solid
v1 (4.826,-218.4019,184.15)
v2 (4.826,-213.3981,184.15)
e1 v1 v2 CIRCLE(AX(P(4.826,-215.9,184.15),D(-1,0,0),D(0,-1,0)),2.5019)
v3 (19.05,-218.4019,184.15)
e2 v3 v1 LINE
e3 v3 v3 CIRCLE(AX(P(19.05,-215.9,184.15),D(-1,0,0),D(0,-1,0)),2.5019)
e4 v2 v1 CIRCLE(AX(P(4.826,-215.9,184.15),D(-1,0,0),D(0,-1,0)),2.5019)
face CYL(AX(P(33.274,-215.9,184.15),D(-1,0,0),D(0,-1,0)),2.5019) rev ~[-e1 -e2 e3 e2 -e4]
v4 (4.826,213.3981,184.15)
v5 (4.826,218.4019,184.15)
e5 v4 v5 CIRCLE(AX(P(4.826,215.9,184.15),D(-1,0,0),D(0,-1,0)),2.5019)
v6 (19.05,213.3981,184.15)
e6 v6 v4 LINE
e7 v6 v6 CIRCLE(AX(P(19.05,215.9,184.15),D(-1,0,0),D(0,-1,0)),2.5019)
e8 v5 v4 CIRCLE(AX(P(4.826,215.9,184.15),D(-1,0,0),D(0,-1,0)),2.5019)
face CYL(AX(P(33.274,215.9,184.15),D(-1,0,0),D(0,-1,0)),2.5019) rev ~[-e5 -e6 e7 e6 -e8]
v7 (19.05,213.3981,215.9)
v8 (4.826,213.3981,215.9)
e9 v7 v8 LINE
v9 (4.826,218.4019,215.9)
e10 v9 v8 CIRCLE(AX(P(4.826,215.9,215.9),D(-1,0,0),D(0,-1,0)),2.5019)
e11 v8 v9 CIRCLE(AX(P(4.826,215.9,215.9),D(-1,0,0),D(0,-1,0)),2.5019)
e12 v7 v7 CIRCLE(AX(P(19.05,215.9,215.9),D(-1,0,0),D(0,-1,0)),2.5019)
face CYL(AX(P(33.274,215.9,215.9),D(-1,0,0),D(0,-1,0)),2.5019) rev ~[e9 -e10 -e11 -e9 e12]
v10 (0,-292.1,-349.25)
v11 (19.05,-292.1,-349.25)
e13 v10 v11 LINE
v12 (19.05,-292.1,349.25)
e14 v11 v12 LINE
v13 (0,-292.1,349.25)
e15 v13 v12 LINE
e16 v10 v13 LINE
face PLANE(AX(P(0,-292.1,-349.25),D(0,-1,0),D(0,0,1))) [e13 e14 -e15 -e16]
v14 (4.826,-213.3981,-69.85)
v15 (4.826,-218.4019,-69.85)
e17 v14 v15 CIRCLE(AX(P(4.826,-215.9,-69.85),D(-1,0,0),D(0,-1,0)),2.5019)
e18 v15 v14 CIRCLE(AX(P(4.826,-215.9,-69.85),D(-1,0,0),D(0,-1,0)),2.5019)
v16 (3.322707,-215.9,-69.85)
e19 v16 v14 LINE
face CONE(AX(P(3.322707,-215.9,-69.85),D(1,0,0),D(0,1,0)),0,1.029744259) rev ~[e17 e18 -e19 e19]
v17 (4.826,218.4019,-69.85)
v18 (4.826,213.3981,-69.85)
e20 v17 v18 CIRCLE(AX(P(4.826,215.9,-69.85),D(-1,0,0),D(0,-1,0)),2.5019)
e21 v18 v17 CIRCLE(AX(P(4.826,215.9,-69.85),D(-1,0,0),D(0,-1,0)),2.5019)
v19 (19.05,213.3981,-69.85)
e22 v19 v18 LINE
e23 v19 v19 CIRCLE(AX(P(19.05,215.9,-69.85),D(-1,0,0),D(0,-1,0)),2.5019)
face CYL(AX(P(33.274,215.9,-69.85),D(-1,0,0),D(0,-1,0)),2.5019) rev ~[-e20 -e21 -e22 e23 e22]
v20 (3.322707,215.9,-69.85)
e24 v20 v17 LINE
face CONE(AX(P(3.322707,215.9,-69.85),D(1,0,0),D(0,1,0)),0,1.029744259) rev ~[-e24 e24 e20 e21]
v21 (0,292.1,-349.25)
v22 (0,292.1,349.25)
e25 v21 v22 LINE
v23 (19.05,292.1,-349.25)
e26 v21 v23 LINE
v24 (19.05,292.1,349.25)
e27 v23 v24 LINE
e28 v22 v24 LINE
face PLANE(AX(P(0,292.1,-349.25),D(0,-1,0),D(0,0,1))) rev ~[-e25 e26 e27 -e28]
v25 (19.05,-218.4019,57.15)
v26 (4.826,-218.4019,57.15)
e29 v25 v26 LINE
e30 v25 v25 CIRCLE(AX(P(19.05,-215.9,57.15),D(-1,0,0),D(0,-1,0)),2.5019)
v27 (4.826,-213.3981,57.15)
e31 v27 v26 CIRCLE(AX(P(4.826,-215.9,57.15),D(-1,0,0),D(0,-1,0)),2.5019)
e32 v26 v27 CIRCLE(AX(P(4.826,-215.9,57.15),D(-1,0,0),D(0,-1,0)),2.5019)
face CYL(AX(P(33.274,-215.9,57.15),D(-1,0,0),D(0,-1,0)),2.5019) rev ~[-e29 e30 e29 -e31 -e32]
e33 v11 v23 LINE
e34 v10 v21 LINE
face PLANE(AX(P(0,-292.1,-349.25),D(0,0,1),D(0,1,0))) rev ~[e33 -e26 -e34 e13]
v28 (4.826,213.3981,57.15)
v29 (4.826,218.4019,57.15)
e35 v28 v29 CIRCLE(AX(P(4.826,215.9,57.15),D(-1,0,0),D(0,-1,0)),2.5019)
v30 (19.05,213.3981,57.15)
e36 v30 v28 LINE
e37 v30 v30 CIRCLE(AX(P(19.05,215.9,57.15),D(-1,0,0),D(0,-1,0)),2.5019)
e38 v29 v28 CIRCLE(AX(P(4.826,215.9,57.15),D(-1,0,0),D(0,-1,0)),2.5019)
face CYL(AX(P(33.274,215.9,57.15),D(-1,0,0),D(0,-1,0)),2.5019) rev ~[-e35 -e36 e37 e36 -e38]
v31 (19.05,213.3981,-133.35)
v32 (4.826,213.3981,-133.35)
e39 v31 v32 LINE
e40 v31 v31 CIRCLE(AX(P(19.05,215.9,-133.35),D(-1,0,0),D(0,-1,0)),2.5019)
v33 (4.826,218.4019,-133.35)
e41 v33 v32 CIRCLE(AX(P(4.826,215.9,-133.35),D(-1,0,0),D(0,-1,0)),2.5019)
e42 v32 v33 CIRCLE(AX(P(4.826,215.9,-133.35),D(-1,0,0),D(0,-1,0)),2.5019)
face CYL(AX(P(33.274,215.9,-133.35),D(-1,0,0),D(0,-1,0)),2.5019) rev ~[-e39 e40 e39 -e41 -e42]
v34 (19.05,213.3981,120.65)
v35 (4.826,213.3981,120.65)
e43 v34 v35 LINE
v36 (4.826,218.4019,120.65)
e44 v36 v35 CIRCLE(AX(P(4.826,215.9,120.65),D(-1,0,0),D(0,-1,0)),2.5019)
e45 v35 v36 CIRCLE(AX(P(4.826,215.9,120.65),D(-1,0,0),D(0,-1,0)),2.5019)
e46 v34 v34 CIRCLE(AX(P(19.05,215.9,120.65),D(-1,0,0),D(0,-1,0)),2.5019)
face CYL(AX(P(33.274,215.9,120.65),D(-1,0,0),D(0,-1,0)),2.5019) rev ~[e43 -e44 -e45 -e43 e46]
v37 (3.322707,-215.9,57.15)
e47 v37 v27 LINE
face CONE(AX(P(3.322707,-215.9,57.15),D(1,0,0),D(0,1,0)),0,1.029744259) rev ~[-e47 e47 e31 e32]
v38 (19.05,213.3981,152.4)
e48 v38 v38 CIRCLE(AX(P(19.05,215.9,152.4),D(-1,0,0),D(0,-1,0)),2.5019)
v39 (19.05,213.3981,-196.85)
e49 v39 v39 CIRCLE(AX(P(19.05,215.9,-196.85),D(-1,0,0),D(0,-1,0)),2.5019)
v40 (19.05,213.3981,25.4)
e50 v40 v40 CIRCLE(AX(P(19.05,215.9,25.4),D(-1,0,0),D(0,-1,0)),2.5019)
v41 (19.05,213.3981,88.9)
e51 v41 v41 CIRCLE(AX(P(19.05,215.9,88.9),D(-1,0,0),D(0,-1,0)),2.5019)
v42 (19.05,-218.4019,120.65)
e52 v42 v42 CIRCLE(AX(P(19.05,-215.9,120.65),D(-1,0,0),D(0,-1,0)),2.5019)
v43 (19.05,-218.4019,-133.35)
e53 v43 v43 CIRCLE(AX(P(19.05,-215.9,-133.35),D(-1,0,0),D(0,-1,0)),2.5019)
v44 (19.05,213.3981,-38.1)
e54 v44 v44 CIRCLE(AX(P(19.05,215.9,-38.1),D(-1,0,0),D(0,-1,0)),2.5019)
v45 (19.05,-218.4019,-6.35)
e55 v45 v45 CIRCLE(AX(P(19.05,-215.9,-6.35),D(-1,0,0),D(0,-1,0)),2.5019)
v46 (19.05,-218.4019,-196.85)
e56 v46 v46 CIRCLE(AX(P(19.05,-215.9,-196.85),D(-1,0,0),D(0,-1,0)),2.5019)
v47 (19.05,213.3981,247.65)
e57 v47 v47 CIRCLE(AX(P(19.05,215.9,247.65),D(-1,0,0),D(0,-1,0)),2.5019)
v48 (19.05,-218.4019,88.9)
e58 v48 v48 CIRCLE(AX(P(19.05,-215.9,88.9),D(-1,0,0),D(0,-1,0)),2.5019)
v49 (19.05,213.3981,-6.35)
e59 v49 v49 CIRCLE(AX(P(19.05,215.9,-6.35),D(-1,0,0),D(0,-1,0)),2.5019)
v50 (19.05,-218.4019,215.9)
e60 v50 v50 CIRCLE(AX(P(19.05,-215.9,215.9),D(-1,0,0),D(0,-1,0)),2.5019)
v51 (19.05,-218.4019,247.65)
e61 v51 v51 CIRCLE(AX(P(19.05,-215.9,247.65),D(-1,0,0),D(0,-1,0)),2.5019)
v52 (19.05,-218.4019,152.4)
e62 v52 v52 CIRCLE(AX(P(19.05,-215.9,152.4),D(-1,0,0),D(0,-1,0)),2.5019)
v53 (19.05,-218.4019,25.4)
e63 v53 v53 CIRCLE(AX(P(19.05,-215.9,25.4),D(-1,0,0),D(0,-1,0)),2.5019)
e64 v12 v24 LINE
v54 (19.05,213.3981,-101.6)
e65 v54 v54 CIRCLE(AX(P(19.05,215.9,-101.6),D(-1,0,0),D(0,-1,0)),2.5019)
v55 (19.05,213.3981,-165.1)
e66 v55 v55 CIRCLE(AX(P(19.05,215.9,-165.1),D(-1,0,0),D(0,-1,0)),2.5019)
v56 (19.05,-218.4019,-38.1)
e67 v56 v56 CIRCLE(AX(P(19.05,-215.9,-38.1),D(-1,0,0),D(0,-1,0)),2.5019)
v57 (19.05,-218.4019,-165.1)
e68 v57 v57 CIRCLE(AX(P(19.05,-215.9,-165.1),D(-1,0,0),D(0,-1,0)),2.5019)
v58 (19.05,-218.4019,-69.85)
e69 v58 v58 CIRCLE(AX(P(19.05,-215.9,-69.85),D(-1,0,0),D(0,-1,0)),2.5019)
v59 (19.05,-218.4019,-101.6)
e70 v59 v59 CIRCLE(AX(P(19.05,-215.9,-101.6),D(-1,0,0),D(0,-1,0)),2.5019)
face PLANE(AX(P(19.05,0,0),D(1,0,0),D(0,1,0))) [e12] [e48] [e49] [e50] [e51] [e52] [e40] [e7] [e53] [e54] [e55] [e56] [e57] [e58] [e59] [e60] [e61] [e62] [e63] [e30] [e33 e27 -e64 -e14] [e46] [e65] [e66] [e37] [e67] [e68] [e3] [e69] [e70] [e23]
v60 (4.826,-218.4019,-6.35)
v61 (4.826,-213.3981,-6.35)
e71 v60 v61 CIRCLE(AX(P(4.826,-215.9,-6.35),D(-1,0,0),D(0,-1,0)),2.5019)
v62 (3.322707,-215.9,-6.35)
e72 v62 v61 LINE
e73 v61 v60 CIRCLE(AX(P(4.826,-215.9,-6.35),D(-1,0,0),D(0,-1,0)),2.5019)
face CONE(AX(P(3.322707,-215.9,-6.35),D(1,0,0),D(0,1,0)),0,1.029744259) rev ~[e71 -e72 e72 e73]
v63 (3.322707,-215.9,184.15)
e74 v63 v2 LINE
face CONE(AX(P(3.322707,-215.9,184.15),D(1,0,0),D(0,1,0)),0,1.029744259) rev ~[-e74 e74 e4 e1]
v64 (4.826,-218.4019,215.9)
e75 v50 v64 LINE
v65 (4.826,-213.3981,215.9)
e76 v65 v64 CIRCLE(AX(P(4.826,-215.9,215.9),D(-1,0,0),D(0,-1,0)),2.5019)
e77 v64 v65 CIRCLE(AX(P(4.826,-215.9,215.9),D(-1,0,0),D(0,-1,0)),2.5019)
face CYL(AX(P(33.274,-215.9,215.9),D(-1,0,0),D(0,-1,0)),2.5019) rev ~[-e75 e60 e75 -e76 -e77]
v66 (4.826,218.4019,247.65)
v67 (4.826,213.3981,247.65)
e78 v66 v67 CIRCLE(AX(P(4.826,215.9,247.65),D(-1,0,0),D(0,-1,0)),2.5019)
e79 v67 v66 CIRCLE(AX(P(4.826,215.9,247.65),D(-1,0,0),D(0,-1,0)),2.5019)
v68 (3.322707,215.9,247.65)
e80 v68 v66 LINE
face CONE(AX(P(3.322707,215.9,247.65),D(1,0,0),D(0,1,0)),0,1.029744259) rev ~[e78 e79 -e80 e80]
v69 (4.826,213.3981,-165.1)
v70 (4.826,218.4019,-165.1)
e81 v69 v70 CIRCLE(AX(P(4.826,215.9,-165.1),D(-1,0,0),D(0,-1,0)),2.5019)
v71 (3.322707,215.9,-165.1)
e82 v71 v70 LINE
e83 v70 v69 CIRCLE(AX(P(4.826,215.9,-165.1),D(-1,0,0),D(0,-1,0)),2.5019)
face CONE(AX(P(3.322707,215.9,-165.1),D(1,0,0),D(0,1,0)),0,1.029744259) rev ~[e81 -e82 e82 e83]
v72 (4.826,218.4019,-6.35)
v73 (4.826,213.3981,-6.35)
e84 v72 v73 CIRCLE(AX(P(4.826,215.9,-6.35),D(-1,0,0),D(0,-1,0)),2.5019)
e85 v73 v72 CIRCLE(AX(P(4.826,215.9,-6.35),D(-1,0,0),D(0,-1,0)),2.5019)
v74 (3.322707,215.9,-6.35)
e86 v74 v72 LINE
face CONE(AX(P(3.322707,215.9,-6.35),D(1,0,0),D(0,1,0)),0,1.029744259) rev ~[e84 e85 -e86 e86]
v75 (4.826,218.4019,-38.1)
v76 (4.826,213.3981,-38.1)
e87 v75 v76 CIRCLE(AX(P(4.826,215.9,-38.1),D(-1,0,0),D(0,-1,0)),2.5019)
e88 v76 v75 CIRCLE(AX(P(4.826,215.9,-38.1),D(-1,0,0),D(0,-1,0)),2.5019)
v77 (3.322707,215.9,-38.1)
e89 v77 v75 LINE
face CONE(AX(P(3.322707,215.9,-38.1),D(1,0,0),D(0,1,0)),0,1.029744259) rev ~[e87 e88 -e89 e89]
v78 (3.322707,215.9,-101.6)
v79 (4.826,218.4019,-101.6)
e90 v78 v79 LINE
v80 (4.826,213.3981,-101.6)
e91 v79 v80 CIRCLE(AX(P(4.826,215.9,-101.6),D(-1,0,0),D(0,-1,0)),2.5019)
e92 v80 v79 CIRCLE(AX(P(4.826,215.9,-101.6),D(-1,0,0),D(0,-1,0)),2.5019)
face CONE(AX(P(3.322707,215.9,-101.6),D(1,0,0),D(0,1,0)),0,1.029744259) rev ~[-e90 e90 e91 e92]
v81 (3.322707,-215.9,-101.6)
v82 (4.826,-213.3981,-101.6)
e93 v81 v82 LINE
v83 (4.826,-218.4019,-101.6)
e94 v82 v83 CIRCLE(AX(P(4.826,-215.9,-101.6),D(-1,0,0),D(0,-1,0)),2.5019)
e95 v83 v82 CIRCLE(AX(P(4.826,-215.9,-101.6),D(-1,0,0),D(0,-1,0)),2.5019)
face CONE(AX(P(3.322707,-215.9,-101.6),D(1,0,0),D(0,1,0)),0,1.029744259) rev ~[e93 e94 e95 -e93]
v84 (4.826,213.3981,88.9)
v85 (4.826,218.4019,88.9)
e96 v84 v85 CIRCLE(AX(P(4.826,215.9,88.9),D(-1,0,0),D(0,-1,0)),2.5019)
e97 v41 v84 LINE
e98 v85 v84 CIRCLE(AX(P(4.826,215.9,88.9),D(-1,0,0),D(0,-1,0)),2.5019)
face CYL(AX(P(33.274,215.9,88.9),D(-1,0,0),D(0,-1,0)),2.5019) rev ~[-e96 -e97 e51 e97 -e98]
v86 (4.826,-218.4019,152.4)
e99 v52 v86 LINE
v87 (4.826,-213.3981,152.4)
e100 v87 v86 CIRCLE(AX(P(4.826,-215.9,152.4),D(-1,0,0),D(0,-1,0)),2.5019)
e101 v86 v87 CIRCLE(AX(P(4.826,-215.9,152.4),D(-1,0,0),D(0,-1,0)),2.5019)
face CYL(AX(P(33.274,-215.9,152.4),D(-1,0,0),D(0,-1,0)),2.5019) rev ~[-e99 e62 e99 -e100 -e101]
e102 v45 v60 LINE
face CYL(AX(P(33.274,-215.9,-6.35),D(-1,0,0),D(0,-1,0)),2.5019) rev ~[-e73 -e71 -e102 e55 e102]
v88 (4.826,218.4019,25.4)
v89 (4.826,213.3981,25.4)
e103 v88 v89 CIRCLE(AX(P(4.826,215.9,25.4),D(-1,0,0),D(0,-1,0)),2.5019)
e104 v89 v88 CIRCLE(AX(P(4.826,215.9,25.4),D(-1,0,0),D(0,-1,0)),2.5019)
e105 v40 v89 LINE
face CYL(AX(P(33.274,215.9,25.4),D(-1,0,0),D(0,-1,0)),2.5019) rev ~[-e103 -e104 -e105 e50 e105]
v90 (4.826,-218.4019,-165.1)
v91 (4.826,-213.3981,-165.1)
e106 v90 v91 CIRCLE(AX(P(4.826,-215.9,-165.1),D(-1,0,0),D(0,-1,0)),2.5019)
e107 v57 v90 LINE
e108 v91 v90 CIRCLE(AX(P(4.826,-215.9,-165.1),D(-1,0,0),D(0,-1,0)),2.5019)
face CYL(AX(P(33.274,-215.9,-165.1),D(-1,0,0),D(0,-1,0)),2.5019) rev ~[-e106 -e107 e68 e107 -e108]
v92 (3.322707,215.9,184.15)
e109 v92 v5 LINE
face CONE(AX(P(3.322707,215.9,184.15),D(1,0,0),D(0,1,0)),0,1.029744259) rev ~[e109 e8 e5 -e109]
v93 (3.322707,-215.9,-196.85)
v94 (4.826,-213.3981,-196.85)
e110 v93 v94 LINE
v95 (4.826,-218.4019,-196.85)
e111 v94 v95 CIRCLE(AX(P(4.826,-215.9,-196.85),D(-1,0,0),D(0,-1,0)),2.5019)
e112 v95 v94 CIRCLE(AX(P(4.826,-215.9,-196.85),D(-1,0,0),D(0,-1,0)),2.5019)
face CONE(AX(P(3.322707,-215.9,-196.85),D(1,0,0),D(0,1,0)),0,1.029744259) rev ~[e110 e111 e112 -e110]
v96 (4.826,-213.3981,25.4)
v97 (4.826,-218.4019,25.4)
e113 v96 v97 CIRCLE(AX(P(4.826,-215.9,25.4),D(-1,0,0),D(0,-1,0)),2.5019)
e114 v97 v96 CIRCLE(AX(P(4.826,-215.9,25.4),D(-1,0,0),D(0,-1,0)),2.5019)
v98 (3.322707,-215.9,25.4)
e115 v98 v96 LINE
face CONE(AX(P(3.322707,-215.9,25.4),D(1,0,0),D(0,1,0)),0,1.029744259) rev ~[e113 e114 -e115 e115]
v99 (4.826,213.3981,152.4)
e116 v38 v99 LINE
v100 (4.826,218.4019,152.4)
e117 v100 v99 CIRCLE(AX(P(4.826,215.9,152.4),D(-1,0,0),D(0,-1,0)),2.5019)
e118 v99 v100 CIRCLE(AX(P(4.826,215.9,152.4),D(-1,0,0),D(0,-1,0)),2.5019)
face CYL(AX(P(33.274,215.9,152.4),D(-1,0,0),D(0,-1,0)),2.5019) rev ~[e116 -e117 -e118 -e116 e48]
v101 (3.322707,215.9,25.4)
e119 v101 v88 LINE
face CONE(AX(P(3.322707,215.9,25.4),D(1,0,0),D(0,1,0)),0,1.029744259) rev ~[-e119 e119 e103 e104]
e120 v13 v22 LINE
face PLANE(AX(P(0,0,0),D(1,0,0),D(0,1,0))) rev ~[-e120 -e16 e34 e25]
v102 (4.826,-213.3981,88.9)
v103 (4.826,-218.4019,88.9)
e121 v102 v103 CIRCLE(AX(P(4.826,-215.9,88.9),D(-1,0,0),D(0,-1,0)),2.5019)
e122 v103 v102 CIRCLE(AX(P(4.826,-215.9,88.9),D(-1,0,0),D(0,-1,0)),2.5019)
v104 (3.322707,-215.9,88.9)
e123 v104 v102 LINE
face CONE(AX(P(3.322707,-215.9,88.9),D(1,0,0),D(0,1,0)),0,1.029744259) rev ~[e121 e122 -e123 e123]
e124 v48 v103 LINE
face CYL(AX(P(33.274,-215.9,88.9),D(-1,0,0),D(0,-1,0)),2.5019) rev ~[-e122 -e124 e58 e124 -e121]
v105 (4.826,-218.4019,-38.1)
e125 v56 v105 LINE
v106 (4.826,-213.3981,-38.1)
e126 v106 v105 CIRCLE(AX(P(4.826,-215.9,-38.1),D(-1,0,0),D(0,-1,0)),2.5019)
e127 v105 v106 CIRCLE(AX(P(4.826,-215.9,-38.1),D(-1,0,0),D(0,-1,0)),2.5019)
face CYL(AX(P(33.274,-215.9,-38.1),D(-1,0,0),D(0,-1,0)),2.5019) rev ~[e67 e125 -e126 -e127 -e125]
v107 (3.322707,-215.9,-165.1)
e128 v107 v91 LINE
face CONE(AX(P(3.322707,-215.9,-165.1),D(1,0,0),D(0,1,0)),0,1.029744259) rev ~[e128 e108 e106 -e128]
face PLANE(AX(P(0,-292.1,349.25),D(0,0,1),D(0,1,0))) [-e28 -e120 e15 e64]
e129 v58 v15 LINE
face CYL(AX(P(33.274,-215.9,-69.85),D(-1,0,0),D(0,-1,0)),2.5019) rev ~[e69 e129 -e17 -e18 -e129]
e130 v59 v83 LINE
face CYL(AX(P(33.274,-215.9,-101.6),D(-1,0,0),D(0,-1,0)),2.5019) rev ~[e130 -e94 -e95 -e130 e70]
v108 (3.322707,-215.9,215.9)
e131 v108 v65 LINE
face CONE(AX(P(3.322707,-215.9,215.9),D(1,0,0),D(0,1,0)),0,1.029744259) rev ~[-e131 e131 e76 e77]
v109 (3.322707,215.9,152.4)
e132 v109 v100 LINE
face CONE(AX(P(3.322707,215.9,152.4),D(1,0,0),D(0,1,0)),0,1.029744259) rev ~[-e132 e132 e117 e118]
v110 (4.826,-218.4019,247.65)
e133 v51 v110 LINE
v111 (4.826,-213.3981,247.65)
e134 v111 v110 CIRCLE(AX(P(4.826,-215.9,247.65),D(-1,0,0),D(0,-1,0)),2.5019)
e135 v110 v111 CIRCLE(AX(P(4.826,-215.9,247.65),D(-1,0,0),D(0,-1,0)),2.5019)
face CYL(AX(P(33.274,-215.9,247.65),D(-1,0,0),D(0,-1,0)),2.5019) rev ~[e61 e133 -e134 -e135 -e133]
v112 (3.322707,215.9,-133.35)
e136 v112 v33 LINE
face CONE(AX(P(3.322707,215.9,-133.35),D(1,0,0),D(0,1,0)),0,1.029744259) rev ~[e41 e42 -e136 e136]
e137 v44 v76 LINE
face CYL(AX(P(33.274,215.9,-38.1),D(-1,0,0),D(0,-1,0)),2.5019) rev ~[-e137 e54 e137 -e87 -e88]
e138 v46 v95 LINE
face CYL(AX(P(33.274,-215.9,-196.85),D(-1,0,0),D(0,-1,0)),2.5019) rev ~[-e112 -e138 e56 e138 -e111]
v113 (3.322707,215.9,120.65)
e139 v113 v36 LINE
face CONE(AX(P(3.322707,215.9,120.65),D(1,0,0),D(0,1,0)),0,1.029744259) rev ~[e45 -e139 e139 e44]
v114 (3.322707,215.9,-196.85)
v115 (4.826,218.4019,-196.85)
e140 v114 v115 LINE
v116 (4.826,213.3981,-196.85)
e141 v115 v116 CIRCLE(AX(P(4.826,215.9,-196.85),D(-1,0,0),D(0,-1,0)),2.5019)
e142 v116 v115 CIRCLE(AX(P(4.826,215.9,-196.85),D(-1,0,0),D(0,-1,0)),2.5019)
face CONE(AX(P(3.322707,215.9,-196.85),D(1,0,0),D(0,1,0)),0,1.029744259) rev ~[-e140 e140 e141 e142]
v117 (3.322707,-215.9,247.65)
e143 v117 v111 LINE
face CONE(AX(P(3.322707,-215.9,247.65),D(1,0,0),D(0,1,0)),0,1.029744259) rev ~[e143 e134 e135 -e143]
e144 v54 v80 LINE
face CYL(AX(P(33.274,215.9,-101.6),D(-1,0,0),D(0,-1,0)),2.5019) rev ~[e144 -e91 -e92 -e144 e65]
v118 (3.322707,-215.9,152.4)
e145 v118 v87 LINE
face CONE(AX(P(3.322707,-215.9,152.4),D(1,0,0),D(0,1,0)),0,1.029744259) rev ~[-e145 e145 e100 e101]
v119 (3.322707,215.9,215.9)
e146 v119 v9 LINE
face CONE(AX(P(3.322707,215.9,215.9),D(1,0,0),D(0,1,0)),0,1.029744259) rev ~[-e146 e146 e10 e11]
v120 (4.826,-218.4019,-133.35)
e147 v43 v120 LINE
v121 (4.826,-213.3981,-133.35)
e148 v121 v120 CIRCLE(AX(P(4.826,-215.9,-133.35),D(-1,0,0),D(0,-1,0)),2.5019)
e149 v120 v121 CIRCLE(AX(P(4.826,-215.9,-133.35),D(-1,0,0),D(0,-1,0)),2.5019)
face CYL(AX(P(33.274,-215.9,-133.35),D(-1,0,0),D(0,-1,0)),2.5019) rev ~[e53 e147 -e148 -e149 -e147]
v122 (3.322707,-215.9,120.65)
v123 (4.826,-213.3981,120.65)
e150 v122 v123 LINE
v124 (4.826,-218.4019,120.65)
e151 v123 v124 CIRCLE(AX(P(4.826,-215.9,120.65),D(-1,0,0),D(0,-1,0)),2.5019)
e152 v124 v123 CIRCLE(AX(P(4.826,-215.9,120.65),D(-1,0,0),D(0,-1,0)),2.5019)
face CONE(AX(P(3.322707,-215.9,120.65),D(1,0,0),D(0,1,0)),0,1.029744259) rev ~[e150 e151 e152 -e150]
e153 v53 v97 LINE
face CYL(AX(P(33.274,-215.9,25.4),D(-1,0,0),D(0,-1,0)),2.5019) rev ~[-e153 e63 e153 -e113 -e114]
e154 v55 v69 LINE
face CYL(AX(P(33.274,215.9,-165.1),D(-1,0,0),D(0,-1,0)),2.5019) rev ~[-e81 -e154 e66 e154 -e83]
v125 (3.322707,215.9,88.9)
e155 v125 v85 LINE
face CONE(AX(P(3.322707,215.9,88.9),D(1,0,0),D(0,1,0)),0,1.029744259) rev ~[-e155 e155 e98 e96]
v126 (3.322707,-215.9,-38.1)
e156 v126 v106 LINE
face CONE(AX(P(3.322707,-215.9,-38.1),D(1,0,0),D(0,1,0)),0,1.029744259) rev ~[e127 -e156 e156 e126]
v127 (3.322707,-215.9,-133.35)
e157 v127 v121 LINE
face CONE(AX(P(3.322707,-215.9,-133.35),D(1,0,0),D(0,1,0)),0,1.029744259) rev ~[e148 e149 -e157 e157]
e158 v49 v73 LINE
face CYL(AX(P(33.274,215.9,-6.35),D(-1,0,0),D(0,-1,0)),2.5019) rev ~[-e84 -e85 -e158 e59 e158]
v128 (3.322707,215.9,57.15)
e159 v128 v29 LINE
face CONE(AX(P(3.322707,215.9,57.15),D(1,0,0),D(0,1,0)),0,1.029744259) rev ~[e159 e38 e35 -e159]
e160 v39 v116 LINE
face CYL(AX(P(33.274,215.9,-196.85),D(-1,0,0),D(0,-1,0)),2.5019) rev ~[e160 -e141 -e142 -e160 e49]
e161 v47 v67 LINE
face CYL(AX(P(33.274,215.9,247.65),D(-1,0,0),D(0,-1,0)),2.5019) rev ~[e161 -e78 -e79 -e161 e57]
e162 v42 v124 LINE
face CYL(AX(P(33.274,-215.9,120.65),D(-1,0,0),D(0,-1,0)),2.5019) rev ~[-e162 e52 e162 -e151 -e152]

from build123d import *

# Parameters (mm, degrees)
F0_W     = 584.2
F0_H     = 698.5
F1_DEPTH = 19.05
F3_D     = 5.0038
F3_DEPTH = 14.224
F3_TIP   = 1.5032931827


with BuildPart() as f1:
    # F0 (on Right) → F1 (new body)
    with BuildSketch(Plane.YZ):
        Rectangle(F0_W, F0_H)
    extrude(amount=F1_DEPTH)

    # F3
    with Locations(Plane.YZ.offset(19.05)):
        with Locations((-215.9, 247.65), (-215.9, 215.9), (-215.9, 184.15), (-215.9, 152.4), (-215.9, 120.65), (-215.9, 88.9), (-215.9, 57.15), (-215.9, 25.4), (-215.9, -6.35), (-215.9, -38.1), (-215.9, -69.85), (-215.9, -101.6), (-215.9, -133.35), (-215.9, -165.1), (-215.9, -196.85), (215.9, -196.85), (215.9, -165.1), (215.9, -133.35), (215.9, -101.6), (215.9, -69.85), (215.9, -38.1), (215.9, -6.35), (215.9, 25.4), (215.9, 57.15), (215.9, 88.9), (215.9, 120.65), (215.9, 152.4), (215.9, 184.15), (215.9, 215.9), (215.9, 247.65)):
            Hole(F3_D / 2, depth=F3_DEPTH)
            with Locations((0, 0, -(F3_DEPTH + F3_TIP / 2))):  # 118° drill point
                Cone(0, F3_D / 2, F3_TIP, mode=Mode.SUBTRACT)


solid = f1.part
